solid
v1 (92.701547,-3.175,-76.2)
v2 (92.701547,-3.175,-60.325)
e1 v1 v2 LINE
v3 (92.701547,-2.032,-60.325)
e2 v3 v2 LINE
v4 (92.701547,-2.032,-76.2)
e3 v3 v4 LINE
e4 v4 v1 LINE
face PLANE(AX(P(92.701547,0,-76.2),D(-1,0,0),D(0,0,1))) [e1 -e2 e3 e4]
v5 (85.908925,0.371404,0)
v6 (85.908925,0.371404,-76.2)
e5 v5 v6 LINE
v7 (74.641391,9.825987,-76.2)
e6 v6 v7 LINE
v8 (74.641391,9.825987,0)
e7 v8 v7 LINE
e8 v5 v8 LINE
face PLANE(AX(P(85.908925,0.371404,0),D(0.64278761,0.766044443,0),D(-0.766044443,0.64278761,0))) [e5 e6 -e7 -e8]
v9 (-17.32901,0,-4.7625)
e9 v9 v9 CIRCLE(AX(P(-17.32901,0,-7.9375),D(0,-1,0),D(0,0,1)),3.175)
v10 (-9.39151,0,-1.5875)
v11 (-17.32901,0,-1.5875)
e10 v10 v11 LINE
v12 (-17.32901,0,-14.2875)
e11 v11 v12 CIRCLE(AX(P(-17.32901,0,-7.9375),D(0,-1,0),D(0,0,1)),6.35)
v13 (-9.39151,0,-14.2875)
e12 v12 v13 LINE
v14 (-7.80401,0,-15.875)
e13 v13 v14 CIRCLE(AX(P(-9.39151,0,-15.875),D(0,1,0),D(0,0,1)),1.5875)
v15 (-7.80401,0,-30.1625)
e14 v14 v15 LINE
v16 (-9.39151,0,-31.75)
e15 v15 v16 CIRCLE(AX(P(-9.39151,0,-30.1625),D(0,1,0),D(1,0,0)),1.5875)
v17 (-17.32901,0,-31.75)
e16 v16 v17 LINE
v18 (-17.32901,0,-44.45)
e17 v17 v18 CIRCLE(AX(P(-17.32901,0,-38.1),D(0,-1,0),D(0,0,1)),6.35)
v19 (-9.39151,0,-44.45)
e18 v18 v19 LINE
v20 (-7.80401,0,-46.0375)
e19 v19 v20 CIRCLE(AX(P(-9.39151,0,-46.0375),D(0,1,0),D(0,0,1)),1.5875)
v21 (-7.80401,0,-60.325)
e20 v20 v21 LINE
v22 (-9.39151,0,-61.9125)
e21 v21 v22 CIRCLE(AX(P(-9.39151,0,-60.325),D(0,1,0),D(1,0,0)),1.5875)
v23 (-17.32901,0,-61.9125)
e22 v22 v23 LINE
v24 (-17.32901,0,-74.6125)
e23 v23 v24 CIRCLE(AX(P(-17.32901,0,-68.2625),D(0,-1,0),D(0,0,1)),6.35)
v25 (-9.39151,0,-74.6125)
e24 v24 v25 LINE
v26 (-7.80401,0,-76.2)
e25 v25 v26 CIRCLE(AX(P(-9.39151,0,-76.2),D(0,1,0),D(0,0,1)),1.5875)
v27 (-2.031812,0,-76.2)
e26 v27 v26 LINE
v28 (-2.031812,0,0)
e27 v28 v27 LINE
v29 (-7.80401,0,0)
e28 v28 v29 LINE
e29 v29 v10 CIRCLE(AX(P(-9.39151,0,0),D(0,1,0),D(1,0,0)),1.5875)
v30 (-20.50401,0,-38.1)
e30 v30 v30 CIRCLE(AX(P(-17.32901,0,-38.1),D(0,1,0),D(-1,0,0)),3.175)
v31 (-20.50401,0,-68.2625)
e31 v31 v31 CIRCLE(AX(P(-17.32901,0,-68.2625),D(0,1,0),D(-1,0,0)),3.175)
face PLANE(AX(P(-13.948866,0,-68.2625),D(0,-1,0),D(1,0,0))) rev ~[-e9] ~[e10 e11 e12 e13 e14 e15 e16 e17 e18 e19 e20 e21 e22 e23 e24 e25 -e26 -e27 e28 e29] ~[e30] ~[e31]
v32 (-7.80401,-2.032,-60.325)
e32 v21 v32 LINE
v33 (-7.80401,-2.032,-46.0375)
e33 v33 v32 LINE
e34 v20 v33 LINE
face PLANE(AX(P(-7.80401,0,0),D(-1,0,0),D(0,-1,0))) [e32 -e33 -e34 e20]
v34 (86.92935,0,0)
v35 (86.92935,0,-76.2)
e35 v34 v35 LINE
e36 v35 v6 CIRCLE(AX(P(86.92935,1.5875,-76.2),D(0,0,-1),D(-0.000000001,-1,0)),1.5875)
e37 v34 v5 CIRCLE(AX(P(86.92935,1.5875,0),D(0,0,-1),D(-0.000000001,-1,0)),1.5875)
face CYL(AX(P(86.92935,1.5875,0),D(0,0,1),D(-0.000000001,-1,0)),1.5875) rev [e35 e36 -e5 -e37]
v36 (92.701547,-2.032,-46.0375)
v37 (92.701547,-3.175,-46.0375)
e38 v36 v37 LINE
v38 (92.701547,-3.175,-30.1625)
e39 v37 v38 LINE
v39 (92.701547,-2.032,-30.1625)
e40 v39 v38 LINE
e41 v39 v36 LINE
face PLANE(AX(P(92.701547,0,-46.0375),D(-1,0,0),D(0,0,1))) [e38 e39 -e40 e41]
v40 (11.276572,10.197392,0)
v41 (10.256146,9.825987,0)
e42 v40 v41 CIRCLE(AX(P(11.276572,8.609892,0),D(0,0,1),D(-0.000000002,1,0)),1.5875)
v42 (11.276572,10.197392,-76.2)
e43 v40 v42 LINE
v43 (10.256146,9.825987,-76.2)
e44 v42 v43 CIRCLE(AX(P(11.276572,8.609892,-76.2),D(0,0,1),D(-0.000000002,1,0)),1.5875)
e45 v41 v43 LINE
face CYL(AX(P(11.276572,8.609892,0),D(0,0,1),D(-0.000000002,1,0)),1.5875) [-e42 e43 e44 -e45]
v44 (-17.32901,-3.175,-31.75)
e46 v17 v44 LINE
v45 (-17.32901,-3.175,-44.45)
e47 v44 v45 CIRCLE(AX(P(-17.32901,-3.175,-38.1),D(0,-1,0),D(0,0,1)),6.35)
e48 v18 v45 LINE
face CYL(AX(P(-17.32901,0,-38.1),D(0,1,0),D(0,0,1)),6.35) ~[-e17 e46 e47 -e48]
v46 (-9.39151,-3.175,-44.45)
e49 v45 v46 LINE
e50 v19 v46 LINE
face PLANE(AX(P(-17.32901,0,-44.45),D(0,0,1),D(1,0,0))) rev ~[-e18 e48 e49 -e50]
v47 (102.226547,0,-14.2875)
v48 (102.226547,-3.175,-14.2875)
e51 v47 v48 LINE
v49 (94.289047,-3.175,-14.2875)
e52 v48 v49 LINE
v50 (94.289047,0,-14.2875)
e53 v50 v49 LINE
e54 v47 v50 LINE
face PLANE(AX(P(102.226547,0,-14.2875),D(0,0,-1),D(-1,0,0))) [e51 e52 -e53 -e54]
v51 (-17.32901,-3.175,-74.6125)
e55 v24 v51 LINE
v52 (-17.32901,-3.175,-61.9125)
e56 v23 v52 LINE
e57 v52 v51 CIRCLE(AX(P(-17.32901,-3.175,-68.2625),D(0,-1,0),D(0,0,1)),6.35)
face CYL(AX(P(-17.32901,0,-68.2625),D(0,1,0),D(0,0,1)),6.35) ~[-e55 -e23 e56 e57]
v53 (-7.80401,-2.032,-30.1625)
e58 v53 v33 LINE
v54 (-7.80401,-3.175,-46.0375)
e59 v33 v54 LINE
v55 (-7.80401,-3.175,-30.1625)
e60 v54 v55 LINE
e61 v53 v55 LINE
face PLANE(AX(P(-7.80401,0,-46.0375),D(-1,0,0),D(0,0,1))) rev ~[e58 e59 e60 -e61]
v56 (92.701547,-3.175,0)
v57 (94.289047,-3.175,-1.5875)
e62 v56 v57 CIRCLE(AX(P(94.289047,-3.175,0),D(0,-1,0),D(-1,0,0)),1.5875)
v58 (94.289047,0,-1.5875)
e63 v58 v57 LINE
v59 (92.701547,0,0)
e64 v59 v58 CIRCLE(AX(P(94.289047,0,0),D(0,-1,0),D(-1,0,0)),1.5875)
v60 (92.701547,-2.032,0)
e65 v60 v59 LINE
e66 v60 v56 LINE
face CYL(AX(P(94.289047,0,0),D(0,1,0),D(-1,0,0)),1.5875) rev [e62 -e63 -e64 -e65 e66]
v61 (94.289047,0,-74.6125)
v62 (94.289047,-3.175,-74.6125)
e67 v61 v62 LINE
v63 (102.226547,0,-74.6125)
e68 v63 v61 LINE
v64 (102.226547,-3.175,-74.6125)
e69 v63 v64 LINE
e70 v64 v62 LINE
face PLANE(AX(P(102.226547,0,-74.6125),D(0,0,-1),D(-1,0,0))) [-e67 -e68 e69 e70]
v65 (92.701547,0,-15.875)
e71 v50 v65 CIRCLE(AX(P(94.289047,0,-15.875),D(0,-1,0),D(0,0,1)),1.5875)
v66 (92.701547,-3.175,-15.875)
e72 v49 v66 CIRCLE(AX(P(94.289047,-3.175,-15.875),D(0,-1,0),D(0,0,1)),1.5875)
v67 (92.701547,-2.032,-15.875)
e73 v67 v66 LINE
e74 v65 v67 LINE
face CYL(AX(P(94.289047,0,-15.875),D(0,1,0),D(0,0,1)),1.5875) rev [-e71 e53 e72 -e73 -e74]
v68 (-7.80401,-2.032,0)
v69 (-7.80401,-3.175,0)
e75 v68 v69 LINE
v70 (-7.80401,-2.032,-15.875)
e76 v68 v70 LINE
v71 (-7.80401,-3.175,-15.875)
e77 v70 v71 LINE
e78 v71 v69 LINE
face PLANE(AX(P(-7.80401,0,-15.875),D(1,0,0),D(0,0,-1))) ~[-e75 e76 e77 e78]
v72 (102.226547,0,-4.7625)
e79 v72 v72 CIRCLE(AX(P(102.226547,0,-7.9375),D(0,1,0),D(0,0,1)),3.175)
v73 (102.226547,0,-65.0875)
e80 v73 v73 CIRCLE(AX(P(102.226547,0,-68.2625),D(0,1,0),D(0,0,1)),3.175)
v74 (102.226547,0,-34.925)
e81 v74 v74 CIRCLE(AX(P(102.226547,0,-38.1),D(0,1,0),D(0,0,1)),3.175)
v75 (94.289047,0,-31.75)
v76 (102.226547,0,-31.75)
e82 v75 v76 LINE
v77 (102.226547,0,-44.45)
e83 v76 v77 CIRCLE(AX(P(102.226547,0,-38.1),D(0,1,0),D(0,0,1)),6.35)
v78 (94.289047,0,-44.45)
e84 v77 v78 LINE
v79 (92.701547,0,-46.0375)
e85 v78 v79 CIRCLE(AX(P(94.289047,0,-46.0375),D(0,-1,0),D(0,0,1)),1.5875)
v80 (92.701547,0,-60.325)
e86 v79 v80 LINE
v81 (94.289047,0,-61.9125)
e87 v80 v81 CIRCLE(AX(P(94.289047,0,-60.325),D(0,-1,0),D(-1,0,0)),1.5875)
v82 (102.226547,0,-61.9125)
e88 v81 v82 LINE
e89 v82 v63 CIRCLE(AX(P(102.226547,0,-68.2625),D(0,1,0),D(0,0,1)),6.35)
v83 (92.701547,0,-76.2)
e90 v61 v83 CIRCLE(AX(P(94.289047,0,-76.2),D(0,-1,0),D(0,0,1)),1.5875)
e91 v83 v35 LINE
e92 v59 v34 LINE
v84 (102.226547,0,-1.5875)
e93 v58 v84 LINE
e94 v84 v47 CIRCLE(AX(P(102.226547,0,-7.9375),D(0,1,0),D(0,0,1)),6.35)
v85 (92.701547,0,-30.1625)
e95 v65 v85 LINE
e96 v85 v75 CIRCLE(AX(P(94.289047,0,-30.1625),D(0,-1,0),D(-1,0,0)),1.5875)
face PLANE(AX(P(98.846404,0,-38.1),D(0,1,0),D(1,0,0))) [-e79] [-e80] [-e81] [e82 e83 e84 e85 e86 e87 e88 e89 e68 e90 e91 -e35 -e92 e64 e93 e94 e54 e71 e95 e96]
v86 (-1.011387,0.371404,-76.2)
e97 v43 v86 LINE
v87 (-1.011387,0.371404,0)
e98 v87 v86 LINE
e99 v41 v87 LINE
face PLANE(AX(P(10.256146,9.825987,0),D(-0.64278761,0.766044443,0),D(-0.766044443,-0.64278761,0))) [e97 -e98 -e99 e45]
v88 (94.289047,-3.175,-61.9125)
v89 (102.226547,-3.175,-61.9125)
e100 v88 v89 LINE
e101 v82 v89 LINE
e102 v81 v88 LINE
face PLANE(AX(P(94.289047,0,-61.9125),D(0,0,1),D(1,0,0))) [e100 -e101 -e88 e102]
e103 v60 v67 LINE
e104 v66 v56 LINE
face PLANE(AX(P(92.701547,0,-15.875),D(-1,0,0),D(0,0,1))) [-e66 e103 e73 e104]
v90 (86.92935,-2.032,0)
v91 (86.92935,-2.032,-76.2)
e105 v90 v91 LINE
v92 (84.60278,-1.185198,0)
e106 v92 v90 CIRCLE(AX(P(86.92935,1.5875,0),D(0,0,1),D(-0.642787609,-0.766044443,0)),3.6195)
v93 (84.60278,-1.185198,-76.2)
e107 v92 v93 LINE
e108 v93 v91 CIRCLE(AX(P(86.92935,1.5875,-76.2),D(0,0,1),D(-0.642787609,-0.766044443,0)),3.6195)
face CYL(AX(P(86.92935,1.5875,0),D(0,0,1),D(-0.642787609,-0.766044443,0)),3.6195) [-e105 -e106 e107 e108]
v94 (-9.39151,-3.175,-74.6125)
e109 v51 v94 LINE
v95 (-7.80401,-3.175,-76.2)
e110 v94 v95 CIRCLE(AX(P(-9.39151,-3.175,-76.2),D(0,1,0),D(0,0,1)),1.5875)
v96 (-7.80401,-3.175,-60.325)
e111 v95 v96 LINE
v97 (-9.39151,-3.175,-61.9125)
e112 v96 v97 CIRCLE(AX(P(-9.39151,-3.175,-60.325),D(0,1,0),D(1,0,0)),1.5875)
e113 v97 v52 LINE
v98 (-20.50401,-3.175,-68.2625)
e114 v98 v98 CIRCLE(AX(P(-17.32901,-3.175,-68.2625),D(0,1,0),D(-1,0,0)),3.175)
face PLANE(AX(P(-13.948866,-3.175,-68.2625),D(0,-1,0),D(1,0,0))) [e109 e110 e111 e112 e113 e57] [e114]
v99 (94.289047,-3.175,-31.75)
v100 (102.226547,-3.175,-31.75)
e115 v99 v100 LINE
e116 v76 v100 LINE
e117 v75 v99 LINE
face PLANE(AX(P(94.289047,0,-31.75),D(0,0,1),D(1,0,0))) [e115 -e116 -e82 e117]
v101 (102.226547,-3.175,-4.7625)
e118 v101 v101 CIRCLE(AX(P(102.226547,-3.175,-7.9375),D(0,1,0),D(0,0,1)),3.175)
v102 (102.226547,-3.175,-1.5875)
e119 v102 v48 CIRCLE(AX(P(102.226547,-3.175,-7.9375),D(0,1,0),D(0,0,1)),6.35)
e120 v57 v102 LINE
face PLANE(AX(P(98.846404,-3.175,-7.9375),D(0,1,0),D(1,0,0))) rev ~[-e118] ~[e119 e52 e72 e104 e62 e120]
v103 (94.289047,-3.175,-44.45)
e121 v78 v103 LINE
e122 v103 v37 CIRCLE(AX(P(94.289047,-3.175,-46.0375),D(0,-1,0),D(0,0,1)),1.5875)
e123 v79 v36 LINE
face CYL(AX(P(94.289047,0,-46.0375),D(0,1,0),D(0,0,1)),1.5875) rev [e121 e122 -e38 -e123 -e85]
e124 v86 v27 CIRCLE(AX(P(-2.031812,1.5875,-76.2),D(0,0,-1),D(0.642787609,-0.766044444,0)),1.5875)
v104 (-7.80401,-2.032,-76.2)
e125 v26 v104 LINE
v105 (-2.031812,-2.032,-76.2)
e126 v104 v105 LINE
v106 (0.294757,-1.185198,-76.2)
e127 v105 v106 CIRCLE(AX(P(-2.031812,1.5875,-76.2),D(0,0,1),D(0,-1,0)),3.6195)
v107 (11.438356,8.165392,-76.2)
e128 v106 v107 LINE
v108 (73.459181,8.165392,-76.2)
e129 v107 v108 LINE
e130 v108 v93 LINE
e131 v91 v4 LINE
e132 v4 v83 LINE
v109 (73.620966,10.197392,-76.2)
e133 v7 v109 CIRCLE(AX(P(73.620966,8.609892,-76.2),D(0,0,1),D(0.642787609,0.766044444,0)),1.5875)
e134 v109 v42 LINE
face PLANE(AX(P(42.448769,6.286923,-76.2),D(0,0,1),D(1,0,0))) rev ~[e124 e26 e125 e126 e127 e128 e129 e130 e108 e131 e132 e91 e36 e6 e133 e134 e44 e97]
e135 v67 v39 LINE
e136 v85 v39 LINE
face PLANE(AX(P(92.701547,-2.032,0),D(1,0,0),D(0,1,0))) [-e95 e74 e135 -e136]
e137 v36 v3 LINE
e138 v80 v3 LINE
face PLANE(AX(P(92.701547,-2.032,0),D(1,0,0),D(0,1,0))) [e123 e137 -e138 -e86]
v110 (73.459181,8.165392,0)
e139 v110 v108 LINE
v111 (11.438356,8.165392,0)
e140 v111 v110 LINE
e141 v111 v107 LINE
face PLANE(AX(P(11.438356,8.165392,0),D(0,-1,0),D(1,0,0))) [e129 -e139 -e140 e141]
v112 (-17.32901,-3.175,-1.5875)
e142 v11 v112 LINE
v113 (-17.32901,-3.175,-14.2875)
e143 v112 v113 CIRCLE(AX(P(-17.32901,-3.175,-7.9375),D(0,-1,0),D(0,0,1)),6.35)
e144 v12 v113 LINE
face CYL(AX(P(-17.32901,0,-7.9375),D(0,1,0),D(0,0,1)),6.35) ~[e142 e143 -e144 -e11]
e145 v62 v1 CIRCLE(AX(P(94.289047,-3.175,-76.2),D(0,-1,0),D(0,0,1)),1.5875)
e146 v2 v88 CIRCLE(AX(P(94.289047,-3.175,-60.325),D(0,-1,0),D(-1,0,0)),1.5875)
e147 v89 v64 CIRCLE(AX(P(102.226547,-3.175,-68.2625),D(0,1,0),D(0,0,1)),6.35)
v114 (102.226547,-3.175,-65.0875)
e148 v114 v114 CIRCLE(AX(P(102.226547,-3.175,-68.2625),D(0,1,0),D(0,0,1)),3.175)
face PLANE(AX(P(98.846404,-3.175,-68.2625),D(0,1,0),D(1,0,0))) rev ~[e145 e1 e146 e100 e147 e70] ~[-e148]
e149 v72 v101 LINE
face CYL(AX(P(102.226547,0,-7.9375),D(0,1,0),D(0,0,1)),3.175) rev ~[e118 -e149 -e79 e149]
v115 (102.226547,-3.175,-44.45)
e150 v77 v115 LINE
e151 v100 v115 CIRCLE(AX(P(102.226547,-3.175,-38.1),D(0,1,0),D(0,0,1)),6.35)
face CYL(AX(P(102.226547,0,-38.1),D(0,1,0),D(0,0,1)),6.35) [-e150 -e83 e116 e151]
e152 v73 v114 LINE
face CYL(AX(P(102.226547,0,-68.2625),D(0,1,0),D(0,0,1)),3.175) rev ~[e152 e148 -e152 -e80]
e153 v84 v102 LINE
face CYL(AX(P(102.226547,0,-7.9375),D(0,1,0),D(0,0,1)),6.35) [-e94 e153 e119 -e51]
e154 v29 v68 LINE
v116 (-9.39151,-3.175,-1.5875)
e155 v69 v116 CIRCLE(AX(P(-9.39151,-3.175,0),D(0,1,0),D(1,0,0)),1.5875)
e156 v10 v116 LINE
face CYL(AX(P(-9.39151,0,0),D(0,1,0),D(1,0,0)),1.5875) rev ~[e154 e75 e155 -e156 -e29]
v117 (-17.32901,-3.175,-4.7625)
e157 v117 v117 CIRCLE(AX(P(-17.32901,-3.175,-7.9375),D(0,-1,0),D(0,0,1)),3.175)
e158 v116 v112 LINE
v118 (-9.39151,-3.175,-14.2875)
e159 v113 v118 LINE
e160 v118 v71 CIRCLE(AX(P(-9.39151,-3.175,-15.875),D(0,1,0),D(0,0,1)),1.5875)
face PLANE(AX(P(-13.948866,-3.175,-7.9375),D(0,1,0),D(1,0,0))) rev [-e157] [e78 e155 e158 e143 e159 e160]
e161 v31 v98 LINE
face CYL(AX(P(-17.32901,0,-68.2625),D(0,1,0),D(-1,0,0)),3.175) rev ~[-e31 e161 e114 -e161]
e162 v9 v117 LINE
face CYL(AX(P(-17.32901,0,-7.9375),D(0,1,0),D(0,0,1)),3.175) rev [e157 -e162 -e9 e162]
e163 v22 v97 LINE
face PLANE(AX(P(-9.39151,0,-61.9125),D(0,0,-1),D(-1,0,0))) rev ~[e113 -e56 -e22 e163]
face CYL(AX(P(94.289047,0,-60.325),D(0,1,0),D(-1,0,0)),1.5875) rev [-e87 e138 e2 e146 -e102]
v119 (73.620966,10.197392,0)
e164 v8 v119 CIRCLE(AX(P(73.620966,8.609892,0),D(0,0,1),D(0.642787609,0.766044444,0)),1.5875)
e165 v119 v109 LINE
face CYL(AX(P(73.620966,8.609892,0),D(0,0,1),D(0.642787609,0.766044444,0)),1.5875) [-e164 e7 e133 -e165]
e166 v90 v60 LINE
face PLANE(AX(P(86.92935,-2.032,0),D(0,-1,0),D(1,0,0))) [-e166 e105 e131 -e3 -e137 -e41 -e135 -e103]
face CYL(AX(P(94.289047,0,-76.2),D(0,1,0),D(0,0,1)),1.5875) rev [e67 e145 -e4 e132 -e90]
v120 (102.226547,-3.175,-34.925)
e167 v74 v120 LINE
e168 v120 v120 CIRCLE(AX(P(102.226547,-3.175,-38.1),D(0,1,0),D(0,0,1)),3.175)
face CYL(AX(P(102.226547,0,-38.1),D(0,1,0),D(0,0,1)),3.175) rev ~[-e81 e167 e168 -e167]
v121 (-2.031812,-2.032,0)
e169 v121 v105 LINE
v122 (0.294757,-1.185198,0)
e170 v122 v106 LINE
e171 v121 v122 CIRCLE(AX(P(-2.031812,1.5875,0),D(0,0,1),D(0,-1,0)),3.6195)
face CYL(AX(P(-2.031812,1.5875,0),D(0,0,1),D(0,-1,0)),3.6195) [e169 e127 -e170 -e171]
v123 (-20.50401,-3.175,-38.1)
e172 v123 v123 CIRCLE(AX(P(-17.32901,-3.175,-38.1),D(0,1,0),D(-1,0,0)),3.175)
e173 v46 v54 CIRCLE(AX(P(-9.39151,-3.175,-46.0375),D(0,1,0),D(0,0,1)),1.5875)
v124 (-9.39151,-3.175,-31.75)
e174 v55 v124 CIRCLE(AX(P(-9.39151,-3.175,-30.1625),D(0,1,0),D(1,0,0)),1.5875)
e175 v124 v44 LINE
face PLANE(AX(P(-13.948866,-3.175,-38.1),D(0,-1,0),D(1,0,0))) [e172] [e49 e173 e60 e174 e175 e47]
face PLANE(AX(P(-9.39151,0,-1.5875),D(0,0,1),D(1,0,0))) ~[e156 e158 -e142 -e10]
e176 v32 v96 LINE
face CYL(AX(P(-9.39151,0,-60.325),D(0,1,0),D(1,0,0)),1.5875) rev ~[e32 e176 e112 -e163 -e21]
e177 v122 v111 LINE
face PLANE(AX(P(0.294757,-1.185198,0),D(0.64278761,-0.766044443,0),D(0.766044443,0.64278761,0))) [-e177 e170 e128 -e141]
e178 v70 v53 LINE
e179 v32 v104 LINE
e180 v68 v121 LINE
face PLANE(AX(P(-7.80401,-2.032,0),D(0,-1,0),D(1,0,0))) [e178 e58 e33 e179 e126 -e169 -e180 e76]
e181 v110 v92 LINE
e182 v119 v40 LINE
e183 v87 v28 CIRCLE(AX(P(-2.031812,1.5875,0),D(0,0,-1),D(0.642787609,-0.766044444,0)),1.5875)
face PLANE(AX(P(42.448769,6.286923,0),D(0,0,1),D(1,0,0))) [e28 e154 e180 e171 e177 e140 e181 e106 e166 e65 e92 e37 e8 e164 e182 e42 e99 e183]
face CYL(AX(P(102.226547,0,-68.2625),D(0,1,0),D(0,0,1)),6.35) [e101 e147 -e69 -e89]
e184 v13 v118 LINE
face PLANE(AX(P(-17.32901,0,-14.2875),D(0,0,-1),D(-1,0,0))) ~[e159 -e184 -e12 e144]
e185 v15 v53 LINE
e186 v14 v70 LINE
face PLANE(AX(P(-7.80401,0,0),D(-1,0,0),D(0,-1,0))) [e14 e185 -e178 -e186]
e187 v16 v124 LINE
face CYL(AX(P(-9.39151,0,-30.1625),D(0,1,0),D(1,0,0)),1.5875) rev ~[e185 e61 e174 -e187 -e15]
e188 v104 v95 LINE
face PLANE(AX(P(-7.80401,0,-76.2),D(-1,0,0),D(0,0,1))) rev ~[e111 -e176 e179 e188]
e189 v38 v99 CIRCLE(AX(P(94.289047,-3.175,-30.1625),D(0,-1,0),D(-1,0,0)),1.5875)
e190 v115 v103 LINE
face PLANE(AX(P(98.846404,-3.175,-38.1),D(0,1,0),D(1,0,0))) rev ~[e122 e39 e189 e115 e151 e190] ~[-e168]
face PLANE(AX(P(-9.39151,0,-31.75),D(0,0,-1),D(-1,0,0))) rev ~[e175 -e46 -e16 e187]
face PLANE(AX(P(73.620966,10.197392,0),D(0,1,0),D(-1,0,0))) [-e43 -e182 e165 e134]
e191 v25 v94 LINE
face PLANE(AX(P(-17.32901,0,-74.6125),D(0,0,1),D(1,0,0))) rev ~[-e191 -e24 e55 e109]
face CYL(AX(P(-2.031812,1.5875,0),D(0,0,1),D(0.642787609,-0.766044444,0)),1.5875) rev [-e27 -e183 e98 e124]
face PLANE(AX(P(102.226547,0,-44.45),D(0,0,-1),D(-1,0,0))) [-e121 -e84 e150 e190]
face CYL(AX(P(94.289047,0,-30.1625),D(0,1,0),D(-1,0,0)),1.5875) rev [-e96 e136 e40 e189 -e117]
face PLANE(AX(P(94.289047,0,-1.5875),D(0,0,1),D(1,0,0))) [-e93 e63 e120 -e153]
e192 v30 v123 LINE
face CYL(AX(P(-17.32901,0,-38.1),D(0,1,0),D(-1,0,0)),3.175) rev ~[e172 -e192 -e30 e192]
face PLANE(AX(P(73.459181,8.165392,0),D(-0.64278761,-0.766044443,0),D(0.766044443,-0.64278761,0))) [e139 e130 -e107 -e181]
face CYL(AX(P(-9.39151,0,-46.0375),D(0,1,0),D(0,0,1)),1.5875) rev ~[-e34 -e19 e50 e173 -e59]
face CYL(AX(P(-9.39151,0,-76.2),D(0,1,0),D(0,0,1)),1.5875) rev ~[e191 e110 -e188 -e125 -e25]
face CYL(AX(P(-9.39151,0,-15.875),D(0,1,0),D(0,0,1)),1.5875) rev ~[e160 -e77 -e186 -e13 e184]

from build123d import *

# Parameters (mm, degrees)
EXTRUDE_THIN1_DEPTH       = 76.2
SKETCH2_R                 = 3.175
BOSS_EXTRUDE1_DEPTH       = 3.175
LPATTERN1_COUNT           = 3
LPATTERN1_PITCH           = 30.1625
LPATTERN1_COPY_1_SKETCH_R = 3.175
LPATTERN1_COPY_1_DEPTH    = 3.175
LPATTERN1_COPY_2_SKETCH_R = 3.175
LPATTERN1_COPY_2_DEPTH    = 3.175


with BuildPart() as part:
    # Sketch1 → Extrude-Thin1 (new body)
    with BuildSketch(Plane.XY):
        with BuildLine():
            Line((92.701547158, 0), (86.929349905, 0))
            ThreePointArc((86.929349905, 0), (86.386392927, 0.095737965), (85.908924574, 0.371404447))
            Line((85.908924574, 0.371404447), (74.641391347, 9.825987422))
            ThreePointArc((74.641391347, 9.825987422), (74.163922994, 10.101653904), (73.620966016, 10.197391869))
            Line((73.620966016, 10.197391869), (11.27657151, 10.197391869))
            ThreePointArc((11.27657151, 10.197391869), (10.733614533, 10.101653904), (10.25614618, 9.825987422))
            Line((10.25614618, 9.825987422), (-1.011387048, 0.371404447))
            ThreePointArc((-1.011387048, 0.371404447), (-1.488855401, 0.095737965), (-2.031812378, 0))
            Line((-2.031812378, 0), (-7.804009631, 0))
            Line((-7.804009631, 0), (-7.804009631, -2.032))
            Line((-7.804009631, -2.032), (-2.031812378, -2.032))
            ThreePointArc((-2.031812378, -2.032), (-0.793870469, -1.813717441), (0.294757375, -1.185197862))
            Line((0.294757375, -1.185197862), (11.438356279, 8.165391869))
            Line((11.438356279, 8.165391869), (73.459181247, 8.165391869))
            Line((73.459181247, 8.165391869), (84.602780151, -1.185197862))
            ThreePointArc((84.602780151, -1.185197862), (85.691407996, -1.813717441), (86.929349905, -2.032))
            Line((86.929349905, -2.032), (92.701547158, -2.032))
            Line((92.701547158, -2.032), (92.701547158, 0))
        make_face()
    extrude(amount=-EXTRUDE_THIN1_DEPTH)

    # Sketch2 → Boss-Extrude1 (add)
    with BuildSketch(Plane(origin=(0, 0, 0), x_dir=(1, 0, 0), z_dir=(0, 1, 0))):
        with BuildLine():
            Line((94.289047158, 1.5875), (102.226547158, 1.5875))
            ThreePointArc((102.226547158, 1.5875), (108.576547158, 7.9375), (102.226547158, 14.2875))
            Line((102.226547158, 14.2875), (94.289047158, 14.2875))
            ThreePointArc((94.289047158, 14.2875), (93.166515143, 14.752467985), (92.701547158, 15.875))
            Line((92.701547158, 15.875), (92.701547158, 0))
            ThreePointArc((92.701547158, 0), (93.166515143, 1.122532015), (94.289047158, 1.5875))
        make_face()
        with Locations(Location((102.226547158, 7.9375, 0), (0, 0, 270))):
            Circle(SKETCH2_R, mode=Mode.SUBTRACT)
    boss_extrude1 = extrude(amount=-BOSS_EXTRUDE1_DEPTH)

    # Mirror1: Boss-Extrude1 across plane
    add(boss_extrude1.mirror(Plane(origin=(42.448768763, 0, 0), x_dir=(0, 0, 1), z_dir=(1, 0, 0))))

    # LPattern1: Boss-Extrude1 ×3
    with Locations(*[(0, 0, -i * LPATTERN1_PITCH) for i in range(1, LPATTERN1_COUNT)]):
        add(boss_extrude1)

    # LPattern1 copy 1 sketch → LPattern1 copy 1 (add)
    with BuildSketch(Plane(origin=(84.897537526, 0, -30.1625), x_dir=(-1, 0, 0), z_dir=(0, 1, 0))):
        with BuildLine():
            Line((94.289047158, -1.5875), (102.226547158, -1.5875))
            ThreePointArc((102.226547158, -1.5875), (108.576547158, -7.9375), (102.226547158, -14.2875))
            Line((102.226547158, -14.2875), (94.289047158, -14.2875))
            ThreePointArc((94.289047158, -14.2875), (93.166515143, -14.752467985), (92.701547158, -15.875))
            Line((92.701547158, -15.875), (92.701547158, 0))
            ThreePointArc((92.701547158, 0), (93.166515143, -1.122532015), (94.289047158, -1.5875))
        make_face()
        with Locations((102.226547158, -7.9375)):
            Circle(LPATTERN1_COPY_1_SKETCH_R, mode=Mode.SUBTRACT)
    extrude(amount=-LPATTERN1_COPY_1_DEPTH)

    # LPattern1 copy 2 sketch → LPattern1 copy 2 (add)
    with BuildSketch(Plane(origin=(84.897537526, 0, -60.325), x_dir=(-1, 0, 0), z_dir=(0, 1, 0))):
        with BuildLine():
            Line((94.289047158, -1.5875), (102.226547158, -1.5875))
            ThreePointArc((102.226547158, -1.5875), (108.576547158, -7.9375), (102.226547158, -14.2875))
            Line((102.226547158, -14.2875), (94.289047158, -14.2875))
            ThreePointArc((94.289047158, -14.2875), (93.166515143, -14.752467985), (92.701547158, -15.875))
            Line((92.701547158, -15.875), (92.701547158, 0))
            ThreePointArc((92.701547158, 0), (93.166515143, -1.122532015), (94.289047158, -1.5875))
        make_face()
        with Locations((102.226547158, -7.9375)):
            Circle(LPATTERN1_COPY_2_SKETCH_R, mode=Mode.SUBTRACT)
    extrude(amount=-LPATTERN1_COPY_2_DEPTH)


solid = part.part
